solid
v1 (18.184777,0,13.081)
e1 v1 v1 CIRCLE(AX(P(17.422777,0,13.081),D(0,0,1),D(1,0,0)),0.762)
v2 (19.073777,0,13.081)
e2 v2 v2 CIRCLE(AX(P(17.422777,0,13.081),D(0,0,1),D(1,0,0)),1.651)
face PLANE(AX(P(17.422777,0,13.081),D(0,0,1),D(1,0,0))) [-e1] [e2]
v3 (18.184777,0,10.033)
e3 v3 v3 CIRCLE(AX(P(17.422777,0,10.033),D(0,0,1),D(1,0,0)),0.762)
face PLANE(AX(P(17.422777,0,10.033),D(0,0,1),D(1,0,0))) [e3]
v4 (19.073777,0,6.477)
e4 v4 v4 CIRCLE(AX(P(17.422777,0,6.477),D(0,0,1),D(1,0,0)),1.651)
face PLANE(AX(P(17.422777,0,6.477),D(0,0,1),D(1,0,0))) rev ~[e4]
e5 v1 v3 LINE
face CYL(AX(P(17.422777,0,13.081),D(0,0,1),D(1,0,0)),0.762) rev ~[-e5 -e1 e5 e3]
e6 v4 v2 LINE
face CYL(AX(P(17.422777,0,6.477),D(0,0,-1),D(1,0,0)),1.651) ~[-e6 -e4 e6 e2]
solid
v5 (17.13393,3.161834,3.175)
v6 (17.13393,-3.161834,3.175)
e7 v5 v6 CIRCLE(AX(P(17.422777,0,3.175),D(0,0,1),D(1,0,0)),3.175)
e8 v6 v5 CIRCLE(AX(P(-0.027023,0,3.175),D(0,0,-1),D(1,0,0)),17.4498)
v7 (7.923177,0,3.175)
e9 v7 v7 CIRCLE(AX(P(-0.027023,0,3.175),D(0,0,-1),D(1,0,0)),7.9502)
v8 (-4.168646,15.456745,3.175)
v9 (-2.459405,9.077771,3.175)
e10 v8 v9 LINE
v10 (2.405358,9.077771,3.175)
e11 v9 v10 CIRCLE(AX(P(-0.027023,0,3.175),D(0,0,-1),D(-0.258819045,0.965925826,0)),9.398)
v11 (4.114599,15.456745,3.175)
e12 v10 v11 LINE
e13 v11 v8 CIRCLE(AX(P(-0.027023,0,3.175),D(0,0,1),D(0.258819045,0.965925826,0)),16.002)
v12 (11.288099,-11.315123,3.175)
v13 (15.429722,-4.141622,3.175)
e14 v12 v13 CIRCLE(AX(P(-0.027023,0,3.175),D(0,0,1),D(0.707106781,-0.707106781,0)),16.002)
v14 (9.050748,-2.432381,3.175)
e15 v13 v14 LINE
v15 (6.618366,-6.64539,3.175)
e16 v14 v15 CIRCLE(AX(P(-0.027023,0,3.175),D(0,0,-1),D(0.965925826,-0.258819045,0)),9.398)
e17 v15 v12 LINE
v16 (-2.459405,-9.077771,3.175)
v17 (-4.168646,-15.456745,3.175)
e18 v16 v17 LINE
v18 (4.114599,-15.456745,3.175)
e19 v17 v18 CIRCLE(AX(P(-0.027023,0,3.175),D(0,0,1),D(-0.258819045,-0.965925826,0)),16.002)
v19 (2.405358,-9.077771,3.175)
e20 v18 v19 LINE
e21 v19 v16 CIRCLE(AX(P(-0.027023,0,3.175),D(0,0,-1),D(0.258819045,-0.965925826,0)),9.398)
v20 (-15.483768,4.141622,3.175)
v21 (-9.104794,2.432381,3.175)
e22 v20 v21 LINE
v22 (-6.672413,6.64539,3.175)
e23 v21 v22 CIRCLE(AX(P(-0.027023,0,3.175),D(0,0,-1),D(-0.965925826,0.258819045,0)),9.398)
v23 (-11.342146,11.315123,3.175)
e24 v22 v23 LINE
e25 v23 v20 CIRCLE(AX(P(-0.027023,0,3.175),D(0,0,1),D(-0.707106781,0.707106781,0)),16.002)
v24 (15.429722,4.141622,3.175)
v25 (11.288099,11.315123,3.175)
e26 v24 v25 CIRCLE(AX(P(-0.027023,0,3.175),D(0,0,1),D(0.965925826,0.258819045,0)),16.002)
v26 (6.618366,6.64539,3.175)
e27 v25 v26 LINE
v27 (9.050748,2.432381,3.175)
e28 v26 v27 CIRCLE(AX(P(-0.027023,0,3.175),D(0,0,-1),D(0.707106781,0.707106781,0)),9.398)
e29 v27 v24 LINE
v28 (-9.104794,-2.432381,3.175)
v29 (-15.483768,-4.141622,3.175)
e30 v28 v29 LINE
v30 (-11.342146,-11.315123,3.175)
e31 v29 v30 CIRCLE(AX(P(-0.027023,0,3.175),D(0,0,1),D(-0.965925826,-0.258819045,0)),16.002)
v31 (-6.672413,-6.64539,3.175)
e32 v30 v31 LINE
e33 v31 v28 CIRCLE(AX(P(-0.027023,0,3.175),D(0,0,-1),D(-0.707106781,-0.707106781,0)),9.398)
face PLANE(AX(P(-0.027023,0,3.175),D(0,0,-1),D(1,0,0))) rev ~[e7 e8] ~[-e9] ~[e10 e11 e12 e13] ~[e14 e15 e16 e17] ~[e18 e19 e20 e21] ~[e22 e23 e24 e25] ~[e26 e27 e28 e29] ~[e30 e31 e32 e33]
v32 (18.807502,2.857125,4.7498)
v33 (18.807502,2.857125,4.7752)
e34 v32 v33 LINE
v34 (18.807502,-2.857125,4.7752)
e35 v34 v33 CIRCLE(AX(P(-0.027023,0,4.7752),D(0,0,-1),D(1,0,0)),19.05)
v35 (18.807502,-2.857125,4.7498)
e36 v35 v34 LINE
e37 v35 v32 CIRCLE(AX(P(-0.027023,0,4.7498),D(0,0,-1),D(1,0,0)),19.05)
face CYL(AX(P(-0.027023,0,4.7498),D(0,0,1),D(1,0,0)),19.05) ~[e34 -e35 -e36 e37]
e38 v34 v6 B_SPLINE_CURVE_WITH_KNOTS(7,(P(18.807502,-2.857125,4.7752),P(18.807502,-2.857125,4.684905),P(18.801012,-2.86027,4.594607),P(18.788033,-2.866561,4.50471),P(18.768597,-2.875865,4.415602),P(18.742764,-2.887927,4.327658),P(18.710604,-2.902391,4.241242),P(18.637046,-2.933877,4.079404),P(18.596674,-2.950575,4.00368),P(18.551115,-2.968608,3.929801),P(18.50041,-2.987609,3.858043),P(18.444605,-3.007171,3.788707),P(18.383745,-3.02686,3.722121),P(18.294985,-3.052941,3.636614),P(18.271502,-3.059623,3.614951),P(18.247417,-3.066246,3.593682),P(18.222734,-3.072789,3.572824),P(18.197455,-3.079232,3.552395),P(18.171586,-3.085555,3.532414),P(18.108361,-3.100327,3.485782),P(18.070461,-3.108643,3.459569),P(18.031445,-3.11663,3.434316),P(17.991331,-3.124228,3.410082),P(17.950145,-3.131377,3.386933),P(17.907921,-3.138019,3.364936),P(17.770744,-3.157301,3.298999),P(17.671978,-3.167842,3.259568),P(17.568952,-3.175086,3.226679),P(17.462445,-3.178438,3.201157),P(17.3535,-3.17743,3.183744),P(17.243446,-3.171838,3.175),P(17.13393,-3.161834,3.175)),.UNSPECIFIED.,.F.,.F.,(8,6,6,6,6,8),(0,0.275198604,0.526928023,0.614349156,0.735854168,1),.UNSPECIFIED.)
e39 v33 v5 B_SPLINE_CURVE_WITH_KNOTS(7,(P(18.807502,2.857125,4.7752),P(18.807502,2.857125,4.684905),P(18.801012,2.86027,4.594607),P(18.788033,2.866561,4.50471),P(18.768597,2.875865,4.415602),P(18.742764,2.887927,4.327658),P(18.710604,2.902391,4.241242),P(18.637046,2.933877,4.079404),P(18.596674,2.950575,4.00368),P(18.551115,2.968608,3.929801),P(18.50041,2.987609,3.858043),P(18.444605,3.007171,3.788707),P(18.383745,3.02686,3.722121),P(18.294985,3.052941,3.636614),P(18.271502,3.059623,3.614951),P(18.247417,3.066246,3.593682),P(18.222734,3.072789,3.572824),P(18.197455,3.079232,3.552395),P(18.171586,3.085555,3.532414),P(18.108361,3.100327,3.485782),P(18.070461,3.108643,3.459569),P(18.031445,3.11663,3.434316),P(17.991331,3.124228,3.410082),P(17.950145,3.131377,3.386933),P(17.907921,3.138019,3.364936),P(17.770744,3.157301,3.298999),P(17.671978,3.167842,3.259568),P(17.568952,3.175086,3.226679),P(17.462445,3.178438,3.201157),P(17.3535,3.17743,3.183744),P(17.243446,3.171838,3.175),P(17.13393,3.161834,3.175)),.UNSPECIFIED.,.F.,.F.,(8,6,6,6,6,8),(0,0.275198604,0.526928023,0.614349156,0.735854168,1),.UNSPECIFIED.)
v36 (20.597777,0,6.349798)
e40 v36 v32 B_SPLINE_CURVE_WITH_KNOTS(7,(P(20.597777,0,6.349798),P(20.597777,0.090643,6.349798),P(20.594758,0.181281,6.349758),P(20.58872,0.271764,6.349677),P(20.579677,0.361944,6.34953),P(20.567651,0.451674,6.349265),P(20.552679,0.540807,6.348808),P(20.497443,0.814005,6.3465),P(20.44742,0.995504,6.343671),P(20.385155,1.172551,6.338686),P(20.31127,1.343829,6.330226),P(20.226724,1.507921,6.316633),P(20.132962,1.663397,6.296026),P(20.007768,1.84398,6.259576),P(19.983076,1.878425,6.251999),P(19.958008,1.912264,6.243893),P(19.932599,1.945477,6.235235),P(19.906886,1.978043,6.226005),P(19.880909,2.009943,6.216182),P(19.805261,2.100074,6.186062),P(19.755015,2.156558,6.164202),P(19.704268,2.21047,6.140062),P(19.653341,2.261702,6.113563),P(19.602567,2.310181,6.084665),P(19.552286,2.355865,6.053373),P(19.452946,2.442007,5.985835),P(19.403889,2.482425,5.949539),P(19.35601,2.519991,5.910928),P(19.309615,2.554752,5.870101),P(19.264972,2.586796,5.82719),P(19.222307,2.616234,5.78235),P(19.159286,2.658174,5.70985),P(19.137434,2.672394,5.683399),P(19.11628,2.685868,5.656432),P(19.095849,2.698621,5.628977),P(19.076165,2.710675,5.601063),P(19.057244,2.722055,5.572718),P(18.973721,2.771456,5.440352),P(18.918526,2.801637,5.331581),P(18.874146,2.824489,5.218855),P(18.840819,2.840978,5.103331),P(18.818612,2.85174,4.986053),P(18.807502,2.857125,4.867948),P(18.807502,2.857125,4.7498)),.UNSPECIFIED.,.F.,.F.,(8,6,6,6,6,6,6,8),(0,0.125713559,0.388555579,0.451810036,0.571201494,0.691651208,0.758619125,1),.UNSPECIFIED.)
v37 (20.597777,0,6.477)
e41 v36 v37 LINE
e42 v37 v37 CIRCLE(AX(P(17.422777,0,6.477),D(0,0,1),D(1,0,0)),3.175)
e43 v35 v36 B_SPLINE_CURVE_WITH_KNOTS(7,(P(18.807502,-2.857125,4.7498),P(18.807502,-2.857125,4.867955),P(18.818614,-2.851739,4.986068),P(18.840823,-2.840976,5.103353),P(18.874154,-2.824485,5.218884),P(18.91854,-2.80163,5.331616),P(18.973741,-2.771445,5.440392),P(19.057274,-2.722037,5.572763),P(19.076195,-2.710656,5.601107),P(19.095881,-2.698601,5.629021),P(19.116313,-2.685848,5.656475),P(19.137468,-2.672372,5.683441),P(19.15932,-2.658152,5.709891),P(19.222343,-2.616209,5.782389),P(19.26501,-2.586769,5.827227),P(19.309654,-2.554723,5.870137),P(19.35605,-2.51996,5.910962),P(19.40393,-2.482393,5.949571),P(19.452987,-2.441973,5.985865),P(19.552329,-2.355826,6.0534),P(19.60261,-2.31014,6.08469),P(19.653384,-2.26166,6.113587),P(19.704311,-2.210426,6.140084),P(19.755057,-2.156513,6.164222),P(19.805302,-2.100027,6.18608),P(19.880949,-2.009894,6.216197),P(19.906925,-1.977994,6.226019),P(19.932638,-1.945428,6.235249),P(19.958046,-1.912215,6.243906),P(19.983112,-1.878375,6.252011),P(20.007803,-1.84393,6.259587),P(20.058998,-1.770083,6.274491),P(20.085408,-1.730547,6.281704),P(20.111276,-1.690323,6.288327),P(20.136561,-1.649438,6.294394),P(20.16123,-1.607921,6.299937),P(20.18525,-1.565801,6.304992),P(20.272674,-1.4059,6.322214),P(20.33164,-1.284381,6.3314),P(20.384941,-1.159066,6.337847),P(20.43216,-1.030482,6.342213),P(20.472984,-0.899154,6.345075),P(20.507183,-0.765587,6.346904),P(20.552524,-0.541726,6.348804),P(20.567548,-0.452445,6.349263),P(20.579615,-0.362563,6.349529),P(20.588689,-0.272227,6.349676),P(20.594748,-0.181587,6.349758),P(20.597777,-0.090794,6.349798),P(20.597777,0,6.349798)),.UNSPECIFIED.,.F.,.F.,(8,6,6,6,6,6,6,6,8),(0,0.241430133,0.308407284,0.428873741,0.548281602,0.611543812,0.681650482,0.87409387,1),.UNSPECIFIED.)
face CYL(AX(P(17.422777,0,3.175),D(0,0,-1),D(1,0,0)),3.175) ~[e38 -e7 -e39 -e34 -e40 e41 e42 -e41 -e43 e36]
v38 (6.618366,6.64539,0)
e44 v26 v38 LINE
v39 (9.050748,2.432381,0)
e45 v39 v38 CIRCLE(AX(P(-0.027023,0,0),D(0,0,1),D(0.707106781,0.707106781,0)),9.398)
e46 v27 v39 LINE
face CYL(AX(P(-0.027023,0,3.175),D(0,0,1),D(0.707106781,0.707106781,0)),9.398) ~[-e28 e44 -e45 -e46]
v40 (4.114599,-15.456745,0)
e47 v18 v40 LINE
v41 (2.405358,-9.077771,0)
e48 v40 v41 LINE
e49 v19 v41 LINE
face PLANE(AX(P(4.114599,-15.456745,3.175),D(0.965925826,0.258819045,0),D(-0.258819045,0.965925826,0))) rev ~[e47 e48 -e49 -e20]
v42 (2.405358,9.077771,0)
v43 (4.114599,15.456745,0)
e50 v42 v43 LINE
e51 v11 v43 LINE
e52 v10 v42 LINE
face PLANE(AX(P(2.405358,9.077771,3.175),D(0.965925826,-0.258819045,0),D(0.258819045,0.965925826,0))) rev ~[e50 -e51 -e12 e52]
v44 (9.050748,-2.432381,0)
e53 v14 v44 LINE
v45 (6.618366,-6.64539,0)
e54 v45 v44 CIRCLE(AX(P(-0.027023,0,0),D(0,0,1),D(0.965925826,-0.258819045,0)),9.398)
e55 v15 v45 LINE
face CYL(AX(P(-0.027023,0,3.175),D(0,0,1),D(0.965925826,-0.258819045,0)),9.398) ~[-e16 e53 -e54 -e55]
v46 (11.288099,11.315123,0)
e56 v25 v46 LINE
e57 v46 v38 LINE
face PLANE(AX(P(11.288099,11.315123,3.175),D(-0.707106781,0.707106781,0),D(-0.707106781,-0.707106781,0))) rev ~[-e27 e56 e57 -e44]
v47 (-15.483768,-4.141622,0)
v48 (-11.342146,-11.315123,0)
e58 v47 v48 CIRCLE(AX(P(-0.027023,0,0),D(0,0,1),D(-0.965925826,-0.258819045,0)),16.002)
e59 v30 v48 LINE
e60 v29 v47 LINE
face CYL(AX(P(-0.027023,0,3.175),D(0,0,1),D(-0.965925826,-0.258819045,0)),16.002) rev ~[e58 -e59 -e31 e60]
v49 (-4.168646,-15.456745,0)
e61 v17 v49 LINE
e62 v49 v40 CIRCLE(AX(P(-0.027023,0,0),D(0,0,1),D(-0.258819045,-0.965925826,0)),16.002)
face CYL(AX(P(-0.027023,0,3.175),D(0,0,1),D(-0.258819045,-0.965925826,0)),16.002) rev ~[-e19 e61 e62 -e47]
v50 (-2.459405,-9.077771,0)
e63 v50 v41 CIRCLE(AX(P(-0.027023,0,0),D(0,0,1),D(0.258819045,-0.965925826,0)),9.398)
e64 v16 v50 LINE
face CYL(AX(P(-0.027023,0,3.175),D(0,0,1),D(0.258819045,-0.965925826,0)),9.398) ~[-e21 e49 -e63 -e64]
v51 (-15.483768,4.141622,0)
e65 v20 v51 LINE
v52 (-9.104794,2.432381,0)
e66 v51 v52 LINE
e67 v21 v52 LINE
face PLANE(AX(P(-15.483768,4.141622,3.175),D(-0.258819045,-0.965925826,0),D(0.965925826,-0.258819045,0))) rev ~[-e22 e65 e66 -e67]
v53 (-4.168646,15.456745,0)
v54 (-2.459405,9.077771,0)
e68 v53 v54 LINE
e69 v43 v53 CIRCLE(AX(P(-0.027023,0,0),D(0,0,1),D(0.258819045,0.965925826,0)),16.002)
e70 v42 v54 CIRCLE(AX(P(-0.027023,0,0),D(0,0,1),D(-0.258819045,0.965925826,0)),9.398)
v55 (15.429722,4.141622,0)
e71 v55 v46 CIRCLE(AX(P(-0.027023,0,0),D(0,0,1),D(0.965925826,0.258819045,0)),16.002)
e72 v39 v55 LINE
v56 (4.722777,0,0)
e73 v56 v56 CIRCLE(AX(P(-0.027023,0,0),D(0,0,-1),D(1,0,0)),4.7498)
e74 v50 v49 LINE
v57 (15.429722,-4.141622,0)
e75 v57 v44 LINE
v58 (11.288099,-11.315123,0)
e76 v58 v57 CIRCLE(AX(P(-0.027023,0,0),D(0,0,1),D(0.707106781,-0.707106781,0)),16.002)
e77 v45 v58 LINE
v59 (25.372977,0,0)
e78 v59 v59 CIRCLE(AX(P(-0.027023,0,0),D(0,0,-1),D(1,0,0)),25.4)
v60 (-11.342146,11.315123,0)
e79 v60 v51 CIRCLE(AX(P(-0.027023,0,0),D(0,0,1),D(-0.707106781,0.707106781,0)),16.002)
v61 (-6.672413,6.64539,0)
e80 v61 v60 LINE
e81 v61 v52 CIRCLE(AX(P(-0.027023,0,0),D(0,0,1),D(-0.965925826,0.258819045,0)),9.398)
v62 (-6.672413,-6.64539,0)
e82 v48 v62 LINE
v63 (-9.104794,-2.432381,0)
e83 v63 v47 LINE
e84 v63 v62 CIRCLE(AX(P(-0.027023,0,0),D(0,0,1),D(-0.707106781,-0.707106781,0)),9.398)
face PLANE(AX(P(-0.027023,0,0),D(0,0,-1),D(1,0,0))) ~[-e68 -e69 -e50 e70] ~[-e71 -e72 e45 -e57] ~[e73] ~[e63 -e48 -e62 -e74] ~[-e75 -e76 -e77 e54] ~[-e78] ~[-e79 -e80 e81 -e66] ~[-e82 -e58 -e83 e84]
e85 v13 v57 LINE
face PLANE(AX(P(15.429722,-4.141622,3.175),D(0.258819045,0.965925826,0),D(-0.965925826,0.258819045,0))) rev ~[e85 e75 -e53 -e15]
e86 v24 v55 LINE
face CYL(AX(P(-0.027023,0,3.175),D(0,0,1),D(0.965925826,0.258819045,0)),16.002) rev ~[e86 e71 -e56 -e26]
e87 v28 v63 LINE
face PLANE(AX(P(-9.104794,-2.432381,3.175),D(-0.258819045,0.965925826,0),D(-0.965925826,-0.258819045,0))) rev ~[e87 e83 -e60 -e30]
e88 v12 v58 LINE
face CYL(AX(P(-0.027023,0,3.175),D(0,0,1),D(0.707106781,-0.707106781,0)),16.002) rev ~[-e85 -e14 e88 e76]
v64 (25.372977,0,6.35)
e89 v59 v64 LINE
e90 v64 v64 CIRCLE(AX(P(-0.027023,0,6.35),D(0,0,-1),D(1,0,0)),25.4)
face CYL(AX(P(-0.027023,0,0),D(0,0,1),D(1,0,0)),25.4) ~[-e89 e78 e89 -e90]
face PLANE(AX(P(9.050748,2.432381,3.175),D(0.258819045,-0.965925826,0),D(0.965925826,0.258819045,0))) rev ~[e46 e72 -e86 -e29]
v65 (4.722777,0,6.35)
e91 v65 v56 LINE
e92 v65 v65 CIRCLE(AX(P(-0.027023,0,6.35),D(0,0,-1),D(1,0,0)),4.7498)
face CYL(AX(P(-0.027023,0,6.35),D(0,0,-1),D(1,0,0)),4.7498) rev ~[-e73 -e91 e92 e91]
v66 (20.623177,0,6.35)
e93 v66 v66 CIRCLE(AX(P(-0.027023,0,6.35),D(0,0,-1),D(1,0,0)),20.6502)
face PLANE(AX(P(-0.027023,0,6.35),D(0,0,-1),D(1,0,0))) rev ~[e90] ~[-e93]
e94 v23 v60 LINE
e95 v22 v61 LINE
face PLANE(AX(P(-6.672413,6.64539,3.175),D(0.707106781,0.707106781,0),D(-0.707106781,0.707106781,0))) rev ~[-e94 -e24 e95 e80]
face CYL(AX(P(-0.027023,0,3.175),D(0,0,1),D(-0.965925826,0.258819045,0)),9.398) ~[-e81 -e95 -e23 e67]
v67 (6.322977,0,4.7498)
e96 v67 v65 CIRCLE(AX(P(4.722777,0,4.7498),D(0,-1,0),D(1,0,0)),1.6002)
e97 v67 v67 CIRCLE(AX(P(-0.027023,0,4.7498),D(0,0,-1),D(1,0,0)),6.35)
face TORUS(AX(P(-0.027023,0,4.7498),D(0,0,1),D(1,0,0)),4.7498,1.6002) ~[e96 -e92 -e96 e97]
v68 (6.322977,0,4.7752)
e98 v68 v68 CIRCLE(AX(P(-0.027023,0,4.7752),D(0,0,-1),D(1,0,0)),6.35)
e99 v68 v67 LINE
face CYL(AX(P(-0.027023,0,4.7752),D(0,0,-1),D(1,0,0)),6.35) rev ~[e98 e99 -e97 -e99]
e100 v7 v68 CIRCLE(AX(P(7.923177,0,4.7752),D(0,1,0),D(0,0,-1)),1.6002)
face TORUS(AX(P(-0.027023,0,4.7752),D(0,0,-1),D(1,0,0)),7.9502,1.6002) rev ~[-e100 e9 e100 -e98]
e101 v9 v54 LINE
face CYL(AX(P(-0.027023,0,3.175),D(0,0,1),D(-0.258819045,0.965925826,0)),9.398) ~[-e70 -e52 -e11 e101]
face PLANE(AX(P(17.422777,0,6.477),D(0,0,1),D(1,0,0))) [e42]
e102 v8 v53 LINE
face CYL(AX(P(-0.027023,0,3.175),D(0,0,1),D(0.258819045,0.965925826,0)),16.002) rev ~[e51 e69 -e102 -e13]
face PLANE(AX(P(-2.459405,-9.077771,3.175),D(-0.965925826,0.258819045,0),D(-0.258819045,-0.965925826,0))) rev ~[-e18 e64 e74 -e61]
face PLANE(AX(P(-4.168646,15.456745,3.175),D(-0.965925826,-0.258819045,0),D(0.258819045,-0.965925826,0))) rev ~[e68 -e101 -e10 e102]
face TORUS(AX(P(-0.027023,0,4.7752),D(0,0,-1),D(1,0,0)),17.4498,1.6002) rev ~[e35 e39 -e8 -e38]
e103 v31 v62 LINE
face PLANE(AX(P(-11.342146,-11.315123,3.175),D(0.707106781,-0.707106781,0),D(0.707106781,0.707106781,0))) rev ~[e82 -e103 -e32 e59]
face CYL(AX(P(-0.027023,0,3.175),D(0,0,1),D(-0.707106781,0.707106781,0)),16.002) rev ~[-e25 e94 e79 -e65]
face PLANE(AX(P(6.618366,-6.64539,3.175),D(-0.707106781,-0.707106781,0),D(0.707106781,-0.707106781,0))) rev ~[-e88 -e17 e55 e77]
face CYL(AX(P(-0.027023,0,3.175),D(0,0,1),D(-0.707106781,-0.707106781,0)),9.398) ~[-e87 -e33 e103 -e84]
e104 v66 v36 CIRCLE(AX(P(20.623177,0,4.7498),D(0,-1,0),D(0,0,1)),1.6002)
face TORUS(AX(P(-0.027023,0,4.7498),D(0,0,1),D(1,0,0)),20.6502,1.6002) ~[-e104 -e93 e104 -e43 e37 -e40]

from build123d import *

# Parameters (mm, degrees)
F3_DEPTH  = 25.4
F5_R      = 3.175
F6_DEPTH  = 3.302
F7_R      = 1.651
F8_DEPTH  = 6.604
F9_R      = 0.762
F10_DEPTH = 3.048


with BuildPart() as f1:
    # F0 (on Front) → F1 (revolve)
    with BuildSketch(Plane.XZ):
        with BuildLine():
            Line((8.5327767238, 6.35), (8.5327767238, 0))
            Line((8.5327767238, 0), (29.1829767238, 0))
            Line((29.1829767238, 0), (29.1829767238, 6.35))
            Line((29.1829767238, 6.35), (24.4331767238, 6.35))
            ThreePointArc((24.4331767238, 6.35), (23.3016644525, 5.8813122713), (22.8329767238, 4.7498))
            Line((22.8329767238, 4.7498), (22.8329767238, 4.7752))
            ThreePointArc((22.8329767238, 4.7752), (22.364288995, 3.6436877287), (21.2327767238, 3.175))
            Line((21.2327767238, 3.175), (11.7331767238, 3.175))
            ThreePointArc((11.7331767238, 3.175), (10.6016644525, 3.6436877287), (10.1329767238, 4.7752))
            Line((10.1329767238, 4.7752), (10.1329767238, 4.7498))
            ThreePointArc((10.1329767238, 4.7498), (9.664288995, 5.8813122713), (8.5327767238, 6.35))
        make_face()
    revolve(axis=Axis((3.7829767238, 0, 2.3621032014), (0, 0, -1)))

    # F2 (on face) → F3 (cut)
    with BuildSketch(Plane.XY.offset(3.175)):
        with BuildLine():
            ThreePointArc((1.3505953379, 9.0777709155), (3.7829767238, 9.398), (6.2153581096, 9.0777709155))
            Line((6.2153581096, 9.0777709155), (7.9245990835, 15.4567450723))
            ThreePointArc((7.9245990835, 15.4567450723), (3.7829767238, 16.002), (-0.358645636, 15.4567450723))
            Line((-0.358645636, 15.4567450723), (1.3505953379, 9.0777709155))
        make_face()
        with BuildLine():
            Line((-2.8624128058, 6.6453895296), (-7.5321459888, 11.3151227125))
            ThreePointArc((-7.5321459888, 11.3151227125), (-10.0751617876, 8.001), (-11.6737683485, 4.1416223597))
            Line((-11.6737683485, 4.1416223597), (-5.2947941917, 2.4323813859))
            ThreePointArc((-5.2947941917, 2.4323813859), (-4.355930021, 4.699), (-2.8624128058, 6.6453895296))
        make_face()
        with BuildLine():
            Line((-5.2947941917, -2.4323813859), (-11.6737683485, -4.1416223597))
            ThreePointArc((-11.6737683485, -4.1416223597), (-10.0751617876, -8.001), (-7.5321459888, -11.3151227125))
            Line((-7.5321459888, -11.3151227125), (-2.8624128058, -6.6453895296))
            ThreePointArc((-2.8624128058, -6.6453895296), (-4.355930021, -4.699), (-5.2947941917, -2.4323813859))
        make_face()
        with BuildLine():
            Line((1.3505953379, -9.0777709155), (-0.358645636, -15.4567450723))
            ThreePointArc((-0.358645636, -15.4567450723), (3.7829767238, -16.002), (7.9245990835, -15.4567450723))
            Line((7.9245990835, -15.4567450723), (6.2153581096, -9.0777709155))
            ThreePointArc((6.2153581096, -9.0777709155), (3.7829767238, -9.398), (1.3505953379, -9.0777709155))
        make_face()
        with BuildLine():
            Line((10.4283662534, -6.6453895296), (15.0980994363, -11.3151227125))
            ThreePointArc((15.0980994363, -11.3151227125), (17.6411152351, -8.001), (19.239721796, -4.1416223597))
            Line((19.239721796, -4.1416223597), (12.8607476392, -2.4323813859))
            ThreePointArc((12.8607476392, -2.4323813859), (11.9218834685, -4.699), (10.4283662534, -6.6453895296))
        make_face()
        with BuildLine():
            Line((12.8607476392, 2.4323813859), (19.239721796, 4.1416223597))
            ThreePointArc((19.239721796, 4.1416223597), (17.6411152351, 8.001), (15.0980994363, 11.3151227125))
            Line((15.0980994363, 11.3151227125), (10.4283662534, 6.6453895296))
            ThreePointArc((10.4283662534, 6.6453895296), (11.9218834685, 4.699), (12.8607476392, 2.4323813859))
        make_face()
    extrude(amount=-F3_DEPTH, mode=Mode.SUBTRACT)


with BuildPart() as f1_1:
    # F4: moved
    add(f1.part.moved(Location((-3.81, 0, 0))))

    # F5 (on face) → F6 (join)
    with BuildSketch(Plane.XY.offset(3.175)):
        with Locations((17.4227767238, 0)):
            Circle(F5_R)
    extrude(amount=F6_DEPTH)


with BuildPart() as f8:
    # F7 (on face) → F8 (new body)
    with BuildSketch(Plane.XY.offset(6.477)):
        with Locations((17.4227767238, 0)):
            Circle(F7_R)
    extrude(amount=F8_DEPTH)

    # F9 (on face) → F10 (cut)
    with BuildSketch(Plane.XY.offset(13.081)):
        with Locations((17.4227767238, 0)):
            Circle(F9_R)
    extrude(amount=-F10_DEPTH, mode=Mode.SUBTRACT)


solid = Compound([f1_1.part, f8.part])
